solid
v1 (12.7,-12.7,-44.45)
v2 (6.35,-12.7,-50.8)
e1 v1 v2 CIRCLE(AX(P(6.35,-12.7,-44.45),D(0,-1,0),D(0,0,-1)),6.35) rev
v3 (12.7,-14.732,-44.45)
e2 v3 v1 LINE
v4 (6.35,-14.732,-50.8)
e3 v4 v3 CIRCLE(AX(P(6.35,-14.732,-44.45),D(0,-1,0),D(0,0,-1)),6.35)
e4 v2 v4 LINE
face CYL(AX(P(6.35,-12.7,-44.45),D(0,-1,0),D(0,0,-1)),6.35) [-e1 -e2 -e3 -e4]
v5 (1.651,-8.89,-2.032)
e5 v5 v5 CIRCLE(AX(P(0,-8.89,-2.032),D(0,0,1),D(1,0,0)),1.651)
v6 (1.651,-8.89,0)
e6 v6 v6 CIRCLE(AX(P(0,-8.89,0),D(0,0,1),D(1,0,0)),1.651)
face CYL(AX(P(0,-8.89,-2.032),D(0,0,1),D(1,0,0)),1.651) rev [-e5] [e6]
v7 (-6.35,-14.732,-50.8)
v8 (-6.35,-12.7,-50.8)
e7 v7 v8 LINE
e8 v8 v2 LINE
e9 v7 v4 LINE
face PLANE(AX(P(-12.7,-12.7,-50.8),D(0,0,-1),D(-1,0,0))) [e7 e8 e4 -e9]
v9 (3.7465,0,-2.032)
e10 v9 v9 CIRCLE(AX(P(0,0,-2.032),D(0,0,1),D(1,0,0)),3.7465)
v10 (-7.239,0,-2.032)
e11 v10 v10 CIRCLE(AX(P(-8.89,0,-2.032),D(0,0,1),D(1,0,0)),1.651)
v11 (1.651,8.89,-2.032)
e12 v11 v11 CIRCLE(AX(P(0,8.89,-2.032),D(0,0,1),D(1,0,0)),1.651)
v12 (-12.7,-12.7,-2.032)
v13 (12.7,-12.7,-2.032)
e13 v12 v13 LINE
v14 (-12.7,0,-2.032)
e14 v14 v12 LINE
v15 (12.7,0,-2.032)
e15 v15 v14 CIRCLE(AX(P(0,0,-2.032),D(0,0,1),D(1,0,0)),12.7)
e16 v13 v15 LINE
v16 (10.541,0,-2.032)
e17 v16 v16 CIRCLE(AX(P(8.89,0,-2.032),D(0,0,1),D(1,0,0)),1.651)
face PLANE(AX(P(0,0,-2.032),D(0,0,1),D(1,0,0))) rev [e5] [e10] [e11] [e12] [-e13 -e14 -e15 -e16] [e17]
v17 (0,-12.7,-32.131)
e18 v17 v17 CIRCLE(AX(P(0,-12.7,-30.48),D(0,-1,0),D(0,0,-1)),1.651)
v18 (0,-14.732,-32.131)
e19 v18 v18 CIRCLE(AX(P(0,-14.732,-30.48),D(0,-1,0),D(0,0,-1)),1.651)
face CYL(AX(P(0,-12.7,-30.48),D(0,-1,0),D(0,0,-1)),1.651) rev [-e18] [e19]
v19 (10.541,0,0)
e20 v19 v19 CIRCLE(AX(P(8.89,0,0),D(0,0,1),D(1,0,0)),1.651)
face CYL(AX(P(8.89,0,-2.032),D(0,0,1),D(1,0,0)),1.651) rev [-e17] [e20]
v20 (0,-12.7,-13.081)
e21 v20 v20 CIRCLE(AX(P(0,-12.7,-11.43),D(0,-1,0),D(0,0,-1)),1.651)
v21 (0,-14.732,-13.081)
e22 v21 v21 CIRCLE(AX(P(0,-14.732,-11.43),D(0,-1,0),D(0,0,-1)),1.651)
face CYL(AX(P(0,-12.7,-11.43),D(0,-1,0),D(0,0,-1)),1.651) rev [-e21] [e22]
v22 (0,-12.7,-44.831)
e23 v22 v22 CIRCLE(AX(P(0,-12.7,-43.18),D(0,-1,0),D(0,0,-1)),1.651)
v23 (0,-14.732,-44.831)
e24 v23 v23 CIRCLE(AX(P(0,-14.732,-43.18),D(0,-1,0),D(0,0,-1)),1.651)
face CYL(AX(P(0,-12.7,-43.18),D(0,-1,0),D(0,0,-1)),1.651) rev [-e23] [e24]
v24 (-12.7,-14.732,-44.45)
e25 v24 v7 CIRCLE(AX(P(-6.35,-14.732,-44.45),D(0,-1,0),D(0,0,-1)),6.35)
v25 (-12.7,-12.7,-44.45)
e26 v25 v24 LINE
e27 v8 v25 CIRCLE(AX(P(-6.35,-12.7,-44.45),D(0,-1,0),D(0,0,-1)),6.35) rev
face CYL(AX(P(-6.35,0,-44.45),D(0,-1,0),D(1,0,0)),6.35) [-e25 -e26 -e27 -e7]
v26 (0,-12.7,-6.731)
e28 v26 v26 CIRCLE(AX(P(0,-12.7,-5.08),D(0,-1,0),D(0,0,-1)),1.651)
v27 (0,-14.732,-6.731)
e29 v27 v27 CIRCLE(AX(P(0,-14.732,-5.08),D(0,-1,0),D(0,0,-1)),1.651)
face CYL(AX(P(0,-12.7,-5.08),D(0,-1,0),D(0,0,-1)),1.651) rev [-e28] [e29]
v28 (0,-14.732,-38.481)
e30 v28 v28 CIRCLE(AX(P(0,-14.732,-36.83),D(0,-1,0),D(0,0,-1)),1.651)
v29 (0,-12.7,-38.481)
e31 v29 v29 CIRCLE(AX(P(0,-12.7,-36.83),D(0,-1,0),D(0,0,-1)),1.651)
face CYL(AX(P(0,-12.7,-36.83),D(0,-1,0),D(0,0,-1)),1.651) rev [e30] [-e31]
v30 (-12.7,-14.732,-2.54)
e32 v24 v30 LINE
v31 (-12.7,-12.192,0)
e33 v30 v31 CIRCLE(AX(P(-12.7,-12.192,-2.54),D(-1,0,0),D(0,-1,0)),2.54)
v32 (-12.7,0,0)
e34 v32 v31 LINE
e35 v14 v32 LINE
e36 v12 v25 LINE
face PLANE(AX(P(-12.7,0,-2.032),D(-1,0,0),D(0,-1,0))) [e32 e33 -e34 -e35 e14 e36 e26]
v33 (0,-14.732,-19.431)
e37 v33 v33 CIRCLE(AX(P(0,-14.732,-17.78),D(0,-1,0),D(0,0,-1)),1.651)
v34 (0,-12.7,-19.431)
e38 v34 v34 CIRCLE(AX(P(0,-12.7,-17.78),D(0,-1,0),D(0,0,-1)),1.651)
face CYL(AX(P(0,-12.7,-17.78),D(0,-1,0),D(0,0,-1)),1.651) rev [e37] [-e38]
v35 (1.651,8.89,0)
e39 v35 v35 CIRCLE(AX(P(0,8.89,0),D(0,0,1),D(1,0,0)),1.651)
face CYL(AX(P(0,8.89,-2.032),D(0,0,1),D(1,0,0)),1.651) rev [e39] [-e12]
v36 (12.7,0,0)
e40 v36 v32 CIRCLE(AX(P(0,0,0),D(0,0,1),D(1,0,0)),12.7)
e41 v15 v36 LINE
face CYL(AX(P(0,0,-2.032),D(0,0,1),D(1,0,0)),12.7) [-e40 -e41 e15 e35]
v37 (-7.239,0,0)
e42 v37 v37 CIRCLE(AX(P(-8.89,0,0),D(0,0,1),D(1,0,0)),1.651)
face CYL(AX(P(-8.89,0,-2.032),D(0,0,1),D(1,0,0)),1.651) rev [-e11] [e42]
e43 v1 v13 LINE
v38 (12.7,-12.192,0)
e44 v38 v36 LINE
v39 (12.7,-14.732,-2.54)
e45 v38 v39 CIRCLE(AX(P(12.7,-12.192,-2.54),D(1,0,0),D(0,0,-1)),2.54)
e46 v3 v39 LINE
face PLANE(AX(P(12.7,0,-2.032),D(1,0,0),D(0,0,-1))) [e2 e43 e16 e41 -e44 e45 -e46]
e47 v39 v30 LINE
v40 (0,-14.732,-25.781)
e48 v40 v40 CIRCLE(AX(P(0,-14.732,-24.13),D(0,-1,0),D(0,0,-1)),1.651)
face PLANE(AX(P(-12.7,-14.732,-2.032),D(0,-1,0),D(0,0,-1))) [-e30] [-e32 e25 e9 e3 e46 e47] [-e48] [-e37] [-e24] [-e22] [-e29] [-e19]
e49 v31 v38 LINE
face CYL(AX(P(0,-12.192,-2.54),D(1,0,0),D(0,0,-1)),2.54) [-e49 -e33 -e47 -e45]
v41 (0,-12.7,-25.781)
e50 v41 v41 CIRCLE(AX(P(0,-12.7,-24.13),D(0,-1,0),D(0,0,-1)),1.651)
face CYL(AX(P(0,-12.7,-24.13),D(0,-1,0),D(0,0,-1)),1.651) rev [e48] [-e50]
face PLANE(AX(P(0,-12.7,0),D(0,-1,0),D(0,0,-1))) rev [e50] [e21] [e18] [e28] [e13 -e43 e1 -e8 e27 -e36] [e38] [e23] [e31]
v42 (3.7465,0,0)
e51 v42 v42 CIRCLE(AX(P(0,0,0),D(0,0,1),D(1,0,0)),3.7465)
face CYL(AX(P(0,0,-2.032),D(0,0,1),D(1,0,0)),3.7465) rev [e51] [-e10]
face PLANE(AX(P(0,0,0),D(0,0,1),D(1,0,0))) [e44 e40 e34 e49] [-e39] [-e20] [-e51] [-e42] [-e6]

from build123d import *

# Parameters (mm, degrees)
SKETCH1_R           = 3.7465
SKETCH1_R_2         = 1.651
BOSS_EXTRUDE1_DEPTH = 2.032
SKETCH2_W           = 25.4
SKETCH2_H           = 50.8
SKETCH2_R           = 1.651
BOSS_EXTRUDE3_DEPTH = 2.032
FILLET3_R           = 2.54
FILLET4_R           = 6.35


with BuildPart() as part:
    # Sketch1 → Boss-Extrude1 (new body)
    with BuildSketch(Plane.XY):
        with BuildLine():
            Line((-12.7, 0), (-12.7, -14.732))
            Line((-12.7, -14.732), (12.7, -14.732))
            Line((12.7, -14.732), (12.7, 0))
            ThreePointArc((12.7, 0), (0, 12.7), (-12.7, 0))
        make_face()
        Circle(SKETCH1_R, mode=Mode.SUBTRACT)
        with Locations((0, 8.89)):
            Circle(SKETCH1_R_2, mode=Mode.SUBTRACT)
        with Locations((8.89, 0)):
            Circle(SKETCH1_R_2, mode=Mode.SUBTRACT)
        with Locations((0, -8.89)):
            Circle(SKETCH1_R_2, mode=Mode.SUBTRACT)
        with Locations((-8.89, 0)):
            Circle(SKETCH1_R_2, mode=Mode.SUBTRACT)
    extrude(amount=-BOSS_EXTRUDE1_DEPTH)

    # Sketch2 → Boss-Extrude3 (add)
    with BuildSketch(Plane.XZ.offset(14.732)):
        with Locations((0, -25.4)):
            Rectangle(SKETCH2_W, SKETCH2_H)
        with Locations((0, -43.18)):
            Circle(SKETCH2_R, mode=Mode.SUBTRACT)
        with Locations((0, -36.83)):
            Circle(SKETCH2_R, mode=Mode.SUBTRACT)
        with Locations((0, -30.48)):
            Circle(SKETCH2_R, mode=Mode.SUBTRACT)
        with Locations((0, -24.13)):
            Circle(SKETCH2_R, mode=Mode.SUBTRACT)
        with Locations((0, -17.78)):
            Circle(SKETCH2_R, mode=Mode.SUBTRACT)
        with Locations((0, -11.43)):
            Circle(SKETCH2_R, mode=Mode.SUBTRACT)
        with Locations((0, -5.08)):
            Circle(SKETCH2_R, mode=Mode.SUBTRACT)
    extrude(amount=-BOSS_EXTRUDE3_DEPTH)

    # Fillet3
    fillet3_edges = [part.edges().sort_by_distance(p)[0] for p in [
        (0, -14.732, 0),
    ]]
    fillet(fillet3_edges, radius=FILLET3_R)

    # Fillet4
    fillet4_edges = [part.edges().sort_by_distance(p)[0] for p in [
        (-12.7, -13.716, -50.8),
        (12.7, -13.716, -50.8),
    ]]
    fillet(fillet4_edges, radius=FILLET4_R)


solid = part.part
